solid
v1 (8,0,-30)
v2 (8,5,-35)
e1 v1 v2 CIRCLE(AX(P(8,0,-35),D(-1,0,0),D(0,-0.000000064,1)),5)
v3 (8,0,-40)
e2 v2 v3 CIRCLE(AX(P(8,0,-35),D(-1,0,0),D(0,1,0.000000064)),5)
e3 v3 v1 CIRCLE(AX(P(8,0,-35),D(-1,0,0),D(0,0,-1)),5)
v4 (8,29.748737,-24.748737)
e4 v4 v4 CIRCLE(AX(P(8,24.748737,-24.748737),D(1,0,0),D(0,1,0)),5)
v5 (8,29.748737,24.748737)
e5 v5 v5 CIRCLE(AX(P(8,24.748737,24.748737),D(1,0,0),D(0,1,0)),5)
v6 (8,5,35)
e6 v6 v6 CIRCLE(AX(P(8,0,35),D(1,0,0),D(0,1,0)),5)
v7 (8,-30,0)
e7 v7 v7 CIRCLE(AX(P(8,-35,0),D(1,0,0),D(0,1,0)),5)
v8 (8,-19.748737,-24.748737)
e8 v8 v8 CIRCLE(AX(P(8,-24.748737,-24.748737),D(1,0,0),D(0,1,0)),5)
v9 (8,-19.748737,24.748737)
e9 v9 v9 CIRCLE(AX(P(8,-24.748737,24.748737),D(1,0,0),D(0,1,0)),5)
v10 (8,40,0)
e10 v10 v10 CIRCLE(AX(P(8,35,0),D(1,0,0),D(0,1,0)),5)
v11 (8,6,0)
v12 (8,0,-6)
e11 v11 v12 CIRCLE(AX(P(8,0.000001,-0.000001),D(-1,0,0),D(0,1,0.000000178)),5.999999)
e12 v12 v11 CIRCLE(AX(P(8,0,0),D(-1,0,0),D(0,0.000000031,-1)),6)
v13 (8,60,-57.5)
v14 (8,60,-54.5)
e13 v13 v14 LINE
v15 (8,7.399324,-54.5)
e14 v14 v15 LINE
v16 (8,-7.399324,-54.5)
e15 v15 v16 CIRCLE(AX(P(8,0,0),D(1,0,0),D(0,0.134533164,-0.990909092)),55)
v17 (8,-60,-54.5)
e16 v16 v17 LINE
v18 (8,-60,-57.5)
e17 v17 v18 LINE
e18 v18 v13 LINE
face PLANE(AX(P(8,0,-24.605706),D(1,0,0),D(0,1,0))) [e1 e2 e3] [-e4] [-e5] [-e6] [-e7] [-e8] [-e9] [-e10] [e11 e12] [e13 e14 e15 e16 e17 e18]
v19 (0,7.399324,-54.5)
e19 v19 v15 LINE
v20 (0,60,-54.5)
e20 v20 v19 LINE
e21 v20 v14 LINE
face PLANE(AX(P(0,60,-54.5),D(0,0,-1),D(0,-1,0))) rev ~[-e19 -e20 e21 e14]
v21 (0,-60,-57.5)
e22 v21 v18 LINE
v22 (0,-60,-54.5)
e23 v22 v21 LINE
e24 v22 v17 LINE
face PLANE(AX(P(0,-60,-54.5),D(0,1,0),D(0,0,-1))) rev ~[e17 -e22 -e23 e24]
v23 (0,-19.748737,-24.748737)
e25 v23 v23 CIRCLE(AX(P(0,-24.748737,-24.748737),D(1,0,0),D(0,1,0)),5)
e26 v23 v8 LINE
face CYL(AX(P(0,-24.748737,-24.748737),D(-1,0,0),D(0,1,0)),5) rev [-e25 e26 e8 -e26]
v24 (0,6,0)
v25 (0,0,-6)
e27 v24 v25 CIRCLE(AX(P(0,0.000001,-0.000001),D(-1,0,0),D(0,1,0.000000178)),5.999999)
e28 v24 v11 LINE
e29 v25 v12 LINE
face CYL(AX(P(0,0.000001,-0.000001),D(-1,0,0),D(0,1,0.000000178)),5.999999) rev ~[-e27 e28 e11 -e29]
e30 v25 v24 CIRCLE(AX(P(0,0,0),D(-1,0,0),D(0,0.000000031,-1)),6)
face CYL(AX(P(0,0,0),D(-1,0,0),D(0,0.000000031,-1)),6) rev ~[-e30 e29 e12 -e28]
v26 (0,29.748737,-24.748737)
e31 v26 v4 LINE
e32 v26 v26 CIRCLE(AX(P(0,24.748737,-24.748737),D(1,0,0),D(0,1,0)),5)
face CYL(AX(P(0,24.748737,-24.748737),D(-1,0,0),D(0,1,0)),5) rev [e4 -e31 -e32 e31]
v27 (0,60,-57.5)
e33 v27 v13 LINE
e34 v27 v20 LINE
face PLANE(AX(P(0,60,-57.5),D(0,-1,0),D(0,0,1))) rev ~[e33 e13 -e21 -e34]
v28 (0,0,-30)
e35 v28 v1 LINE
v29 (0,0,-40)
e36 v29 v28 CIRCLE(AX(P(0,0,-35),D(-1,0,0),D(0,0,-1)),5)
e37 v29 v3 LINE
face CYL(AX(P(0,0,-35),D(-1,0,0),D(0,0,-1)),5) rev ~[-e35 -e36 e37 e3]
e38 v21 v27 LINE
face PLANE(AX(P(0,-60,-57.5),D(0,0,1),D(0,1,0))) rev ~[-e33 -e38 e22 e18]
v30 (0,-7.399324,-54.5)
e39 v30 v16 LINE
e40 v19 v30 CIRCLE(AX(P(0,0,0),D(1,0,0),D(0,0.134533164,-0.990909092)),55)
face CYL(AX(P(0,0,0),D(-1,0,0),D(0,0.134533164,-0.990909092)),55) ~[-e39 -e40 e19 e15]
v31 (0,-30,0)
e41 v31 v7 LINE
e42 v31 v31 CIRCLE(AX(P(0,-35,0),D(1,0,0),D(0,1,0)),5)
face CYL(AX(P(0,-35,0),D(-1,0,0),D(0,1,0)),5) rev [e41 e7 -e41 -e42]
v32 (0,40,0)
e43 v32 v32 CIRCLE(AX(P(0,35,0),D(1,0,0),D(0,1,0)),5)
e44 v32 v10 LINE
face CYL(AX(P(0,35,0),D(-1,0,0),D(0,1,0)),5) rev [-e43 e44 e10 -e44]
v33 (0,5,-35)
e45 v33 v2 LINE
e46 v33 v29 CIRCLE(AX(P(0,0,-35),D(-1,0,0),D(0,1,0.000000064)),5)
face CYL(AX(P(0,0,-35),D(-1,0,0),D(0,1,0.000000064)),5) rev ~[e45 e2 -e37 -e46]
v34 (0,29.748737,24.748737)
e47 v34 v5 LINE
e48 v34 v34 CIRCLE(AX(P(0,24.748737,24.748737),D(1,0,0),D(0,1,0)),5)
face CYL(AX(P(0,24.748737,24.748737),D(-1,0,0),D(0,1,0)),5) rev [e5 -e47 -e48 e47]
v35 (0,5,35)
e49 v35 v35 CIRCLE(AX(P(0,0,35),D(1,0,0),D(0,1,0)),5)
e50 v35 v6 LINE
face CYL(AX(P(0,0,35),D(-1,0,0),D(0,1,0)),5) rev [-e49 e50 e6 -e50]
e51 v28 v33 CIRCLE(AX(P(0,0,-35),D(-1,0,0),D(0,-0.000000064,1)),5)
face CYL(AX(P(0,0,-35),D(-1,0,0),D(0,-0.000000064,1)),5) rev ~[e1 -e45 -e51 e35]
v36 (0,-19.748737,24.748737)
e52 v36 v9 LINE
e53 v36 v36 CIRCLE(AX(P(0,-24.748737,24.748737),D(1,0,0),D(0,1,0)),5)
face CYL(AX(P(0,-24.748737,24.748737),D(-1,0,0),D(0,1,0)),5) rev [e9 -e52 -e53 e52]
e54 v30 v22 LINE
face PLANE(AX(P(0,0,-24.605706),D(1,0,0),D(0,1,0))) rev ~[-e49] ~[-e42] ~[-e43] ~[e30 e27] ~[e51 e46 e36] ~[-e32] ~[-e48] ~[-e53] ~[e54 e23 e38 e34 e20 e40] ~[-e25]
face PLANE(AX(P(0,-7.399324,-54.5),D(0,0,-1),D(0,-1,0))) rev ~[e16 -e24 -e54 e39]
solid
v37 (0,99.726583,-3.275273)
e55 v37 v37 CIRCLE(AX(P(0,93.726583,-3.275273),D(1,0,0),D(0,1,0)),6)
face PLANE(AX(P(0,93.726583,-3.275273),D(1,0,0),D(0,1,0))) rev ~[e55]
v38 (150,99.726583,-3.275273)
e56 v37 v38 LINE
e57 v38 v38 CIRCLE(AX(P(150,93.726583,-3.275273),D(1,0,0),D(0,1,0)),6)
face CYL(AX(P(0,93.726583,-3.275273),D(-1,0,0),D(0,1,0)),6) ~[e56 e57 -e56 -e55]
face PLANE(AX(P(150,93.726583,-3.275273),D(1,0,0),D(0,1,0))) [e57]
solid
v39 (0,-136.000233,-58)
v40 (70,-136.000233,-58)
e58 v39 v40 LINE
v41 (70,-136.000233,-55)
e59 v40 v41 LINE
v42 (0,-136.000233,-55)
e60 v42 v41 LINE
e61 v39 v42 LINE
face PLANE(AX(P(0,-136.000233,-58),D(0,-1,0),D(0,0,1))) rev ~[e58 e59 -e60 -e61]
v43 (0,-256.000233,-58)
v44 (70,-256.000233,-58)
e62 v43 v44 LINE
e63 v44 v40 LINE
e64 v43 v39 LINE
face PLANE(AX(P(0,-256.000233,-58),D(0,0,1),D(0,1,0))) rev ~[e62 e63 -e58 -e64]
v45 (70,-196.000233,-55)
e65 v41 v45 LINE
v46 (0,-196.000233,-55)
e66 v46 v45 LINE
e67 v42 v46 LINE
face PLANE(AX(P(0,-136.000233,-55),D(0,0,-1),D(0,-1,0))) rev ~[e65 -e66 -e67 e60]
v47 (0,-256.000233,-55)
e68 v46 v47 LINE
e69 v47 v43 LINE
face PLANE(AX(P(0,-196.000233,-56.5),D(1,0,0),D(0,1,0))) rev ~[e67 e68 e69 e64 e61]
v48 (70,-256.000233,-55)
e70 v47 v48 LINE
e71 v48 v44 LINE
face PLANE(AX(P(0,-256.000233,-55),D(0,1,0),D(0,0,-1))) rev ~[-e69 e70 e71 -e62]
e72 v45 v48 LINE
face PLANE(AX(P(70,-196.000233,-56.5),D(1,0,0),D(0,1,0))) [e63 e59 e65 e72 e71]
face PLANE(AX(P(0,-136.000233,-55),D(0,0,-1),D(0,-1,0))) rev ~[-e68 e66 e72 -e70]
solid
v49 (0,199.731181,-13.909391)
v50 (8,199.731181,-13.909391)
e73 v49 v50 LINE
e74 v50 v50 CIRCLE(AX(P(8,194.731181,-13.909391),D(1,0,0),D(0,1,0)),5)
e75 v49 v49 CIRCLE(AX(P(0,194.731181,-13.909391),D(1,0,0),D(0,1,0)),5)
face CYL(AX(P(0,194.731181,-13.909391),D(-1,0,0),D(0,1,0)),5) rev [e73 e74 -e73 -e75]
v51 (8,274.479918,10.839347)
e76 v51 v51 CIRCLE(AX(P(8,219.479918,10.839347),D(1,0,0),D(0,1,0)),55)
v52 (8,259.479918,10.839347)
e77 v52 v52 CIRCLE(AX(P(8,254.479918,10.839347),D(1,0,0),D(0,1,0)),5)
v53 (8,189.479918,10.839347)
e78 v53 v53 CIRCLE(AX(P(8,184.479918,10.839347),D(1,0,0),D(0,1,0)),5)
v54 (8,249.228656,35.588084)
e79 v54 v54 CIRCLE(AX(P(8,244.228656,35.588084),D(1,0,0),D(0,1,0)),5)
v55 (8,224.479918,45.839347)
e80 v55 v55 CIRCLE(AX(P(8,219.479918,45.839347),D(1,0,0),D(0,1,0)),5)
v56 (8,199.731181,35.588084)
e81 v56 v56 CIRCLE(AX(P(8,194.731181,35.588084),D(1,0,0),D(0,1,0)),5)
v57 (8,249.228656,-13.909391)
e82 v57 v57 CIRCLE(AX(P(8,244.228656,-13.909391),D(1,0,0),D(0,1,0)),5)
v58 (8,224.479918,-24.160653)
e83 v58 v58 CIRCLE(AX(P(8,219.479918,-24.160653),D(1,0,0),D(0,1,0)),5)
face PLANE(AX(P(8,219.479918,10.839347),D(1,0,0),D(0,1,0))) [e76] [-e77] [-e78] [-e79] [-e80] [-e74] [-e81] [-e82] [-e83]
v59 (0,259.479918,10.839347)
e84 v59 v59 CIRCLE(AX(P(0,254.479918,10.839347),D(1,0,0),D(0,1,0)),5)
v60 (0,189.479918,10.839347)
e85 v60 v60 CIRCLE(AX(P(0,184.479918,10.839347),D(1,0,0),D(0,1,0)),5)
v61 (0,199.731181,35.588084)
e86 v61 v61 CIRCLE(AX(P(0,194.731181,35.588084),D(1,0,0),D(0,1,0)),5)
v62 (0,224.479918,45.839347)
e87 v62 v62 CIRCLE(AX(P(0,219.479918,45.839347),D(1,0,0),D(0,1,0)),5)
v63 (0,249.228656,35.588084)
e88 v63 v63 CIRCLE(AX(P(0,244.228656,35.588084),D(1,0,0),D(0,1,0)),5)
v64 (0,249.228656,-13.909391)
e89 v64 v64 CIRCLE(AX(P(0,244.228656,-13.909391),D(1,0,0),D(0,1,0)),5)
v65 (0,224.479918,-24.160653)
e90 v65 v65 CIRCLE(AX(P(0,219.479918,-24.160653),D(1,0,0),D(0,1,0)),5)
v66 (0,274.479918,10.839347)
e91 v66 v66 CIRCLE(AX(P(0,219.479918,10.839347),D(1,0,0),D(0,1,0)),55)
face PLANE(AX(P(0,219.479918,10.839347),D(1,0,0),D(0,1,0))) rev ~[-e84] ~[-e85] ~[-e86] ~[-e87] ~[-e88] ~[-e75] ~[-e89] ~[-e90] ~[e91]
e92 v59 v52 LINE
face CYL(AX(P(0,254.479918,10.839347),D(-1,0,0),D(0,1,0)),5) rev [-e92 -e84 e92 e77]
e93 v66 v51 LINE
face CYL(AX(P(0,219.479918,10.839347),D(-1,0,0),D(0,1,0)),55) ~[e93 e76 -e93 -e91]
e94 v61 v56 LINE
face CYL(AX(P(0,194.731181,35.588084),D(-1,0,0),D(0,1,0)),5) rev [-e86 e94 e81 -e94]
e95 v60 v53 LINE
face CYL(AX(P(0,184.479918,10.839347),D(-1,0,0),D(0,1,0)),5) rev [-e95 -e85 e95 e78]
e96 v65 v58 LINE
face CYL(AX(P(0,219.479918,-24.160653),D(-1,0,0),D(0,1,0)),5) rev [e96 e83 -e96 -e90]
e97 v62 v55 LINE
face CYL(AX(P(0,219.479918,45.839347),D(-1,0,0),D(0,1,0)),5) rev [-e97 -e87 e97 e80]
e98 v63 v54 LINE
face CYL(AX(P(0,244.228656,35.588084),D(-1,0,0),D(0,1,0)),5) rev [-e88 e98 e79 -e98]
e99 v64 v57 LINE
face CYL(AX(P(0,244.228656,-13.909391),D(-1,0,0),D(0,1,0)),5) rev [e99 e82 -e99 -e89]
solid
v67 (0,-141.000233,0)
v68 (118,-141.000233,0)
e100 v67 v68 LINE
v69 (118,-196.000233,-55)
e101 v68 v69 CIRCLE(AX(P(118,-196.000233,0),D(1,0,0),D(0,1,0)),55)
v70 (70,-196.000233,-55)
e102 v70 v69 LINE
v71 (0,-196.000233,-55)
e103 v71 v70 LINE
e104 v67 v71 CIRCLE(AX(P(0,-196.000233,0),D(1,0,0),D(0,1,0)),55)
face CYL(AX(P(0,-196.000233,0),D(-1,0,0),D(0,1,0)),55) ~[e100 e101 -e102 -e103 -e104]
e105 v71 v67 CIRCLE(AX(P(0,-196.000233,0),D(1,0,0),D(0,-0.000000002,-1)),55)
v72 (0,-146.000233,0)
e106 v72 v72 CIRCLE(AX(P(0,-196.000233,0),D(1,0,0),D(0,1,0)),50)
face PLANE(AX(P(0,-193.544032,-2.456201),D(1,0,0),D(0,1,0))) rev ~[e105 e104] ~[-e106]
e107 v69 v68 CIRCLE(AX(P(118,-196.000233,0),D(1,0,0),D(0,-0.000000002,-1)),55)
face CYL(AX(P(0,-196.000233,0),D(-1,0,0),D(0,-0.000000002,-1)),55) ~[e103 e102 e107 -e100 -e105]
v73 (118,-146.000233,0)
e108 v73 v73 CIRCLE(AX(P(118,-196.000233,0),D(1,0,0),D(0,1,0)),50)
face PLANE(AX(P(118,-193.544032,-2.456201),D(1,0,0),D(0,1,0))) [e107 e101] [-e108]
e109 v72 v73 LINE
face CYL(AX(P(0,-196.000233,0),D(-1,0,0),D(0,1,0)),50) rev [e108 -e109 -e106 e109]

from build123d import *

# Parameters (mm, degrees)
F0_R     = 5
F1_DEPTH = 8
F2_R     = 6
F3_DEPTH = 150
F4_R     = 55
F4_R_2   = 5
F5_DEPTH = 8
F6_R     = 50
F7_DEPTH = 118
F8_DEPTH = 70


with BuildPart() as f1:
    # F0 (on Right) → F1 (new body)
    with BuildSketch(Plane.YZ):
        with BuildLine():
            Line((60, -54.5), (7.399324, -54.5))
            ThreePointArc((7.399324, -54.5), (0, 55), (-7.399324, -54.5))
            Line((-7.399324, -54.5), (-60, -54.5))
            Line((-60, -54.5), (-60, -57.5))
            Line((-60, -57.5), (60, -57.5))
            Line((60, -57.5), (60, -55))
            Line((60, -55), (60, -54.5))
        make_face()
        with Locations((-24.748737, -24.748737)):
            Circle(F0_R, mode=Mode.SUBTRACT)
        with BuildLine():
            ThreePointArc((0, -40), (-5, -35), (0, -30))
            ThreePointArc((0, -30), (3.535534, -31.464466), (5, -35))
            ThreePointArc((5, -35), (3.535534, -38.535534), (0, -40))
        make_face(mode=Mode.SUBTRACT)
        with Locations((24.748737, -24.748737)):
            Circle(F0_R, mode=Mode.SUBTRACT)
        with Locations((-35, 0)):
            Circle(F0_R, mode=Mode.SUBTRACT)
        with Locations((-24.748737, 24.748737)):
            Circle(F0_R, mode=Mode.SUBTRACT)
        with BuildLine():
            ThreePointArc((0, -6), (-4.242641, 4.242641), (6, 0))
            ThreePointArc((6, 0), (4.242641, -4.242641), (0, -6))
        make_face(mode=Mode.SUBTRACT)
        with Locations((24.748737, 24.748737)):
            Circle(F0_R, mode=Mode.SUBTRACT)
        with Locations((35, 0)):
            Circle(F0_R, mode=Mode.SUBTRACT)
        with Locations((0, 35)):
            Circle(F0_R, mode=Mode.SUBTRACT)
    extrude(amount=F1_DEPTH)


with BuildPart() as f3:
    # F2 (on Right) → F3 (new body)
    with BuildSketch(Plane.YZ):
        with Locations((93.726583, -3.275273)):
            Circle(F2_R)
    extrude(amount=F3_DEPTH)


with BuildPart() as f5:
    # F4 (on Right) → F5 (new body)
    with BuildSketch(Plane.YZ):
        with Locations((219.479918, 10.839347)):
            Circle(F4_R)
        with Locations((194.731181, -13.909391)):
            Circle(F4_R_2, mode=Mode.SUBTRACT)
        with Locations((219.479918, -24.160653)):
            Circle(F4_R_2, mode=Mode.SUBTRACT)
        with Locations((244.228656, -13.909391)):
            Circle(F4_R_2, mode=Mode.SUBTRACT)
        with Locations((254.479918, 10.839347)):
            Circle(F4_R_2, mode=Mode.SUBTRACT)
        with Locations((184.479918, 10.839347)):
            Circle(F4_R_2, mode=Mode.SUBTRACT)
        with Locations((194.731181, 35.588084)):
            Circle(F4_R_2, mode=Mode.SUBTRACT)
        with Locations((244.228656, 35.588084)):
            Circle(F4_R_2, mode=Mode.SUBTRACT)
        with Locations((219.479918, 45.839347)):
            Circle(F4_R_2, mode=Mode.SUBTRACT)
    extrude(amount=F5_DEPTH)


with BuildPart() as f7:
    # F6 (on Right) → F7 (new body)
    with BuildSketch(Plane.YZ):
        with BuildLine():
            ThreePointArc((-196.000233, -55), (-157.10936, -38.890873), (-141.000233, 0))
            ThreePointArc((-141.000233, 0), (-234.891106, 38.890873), (-196.000233, -55))
        make_face()
        with Locations((-196.000233, 0)):
            Circle(F6_R, mode=Mode.SUBTRACT)
    extrude(amount=F7_DEPTH)

    # F6 (on Right) → F8 (join)
    with BuildSketch(Plane.YZ):
        Polygon((-136.000233, -55), (-196.000233, -55), (-256.000233, -55), (-256.000233, -58), (-136.000233, -58), align=None)
    extrude(amount=F8_DEPTH)


solid = Compound([f1.part, f3.part, f5.part, f7.part])
